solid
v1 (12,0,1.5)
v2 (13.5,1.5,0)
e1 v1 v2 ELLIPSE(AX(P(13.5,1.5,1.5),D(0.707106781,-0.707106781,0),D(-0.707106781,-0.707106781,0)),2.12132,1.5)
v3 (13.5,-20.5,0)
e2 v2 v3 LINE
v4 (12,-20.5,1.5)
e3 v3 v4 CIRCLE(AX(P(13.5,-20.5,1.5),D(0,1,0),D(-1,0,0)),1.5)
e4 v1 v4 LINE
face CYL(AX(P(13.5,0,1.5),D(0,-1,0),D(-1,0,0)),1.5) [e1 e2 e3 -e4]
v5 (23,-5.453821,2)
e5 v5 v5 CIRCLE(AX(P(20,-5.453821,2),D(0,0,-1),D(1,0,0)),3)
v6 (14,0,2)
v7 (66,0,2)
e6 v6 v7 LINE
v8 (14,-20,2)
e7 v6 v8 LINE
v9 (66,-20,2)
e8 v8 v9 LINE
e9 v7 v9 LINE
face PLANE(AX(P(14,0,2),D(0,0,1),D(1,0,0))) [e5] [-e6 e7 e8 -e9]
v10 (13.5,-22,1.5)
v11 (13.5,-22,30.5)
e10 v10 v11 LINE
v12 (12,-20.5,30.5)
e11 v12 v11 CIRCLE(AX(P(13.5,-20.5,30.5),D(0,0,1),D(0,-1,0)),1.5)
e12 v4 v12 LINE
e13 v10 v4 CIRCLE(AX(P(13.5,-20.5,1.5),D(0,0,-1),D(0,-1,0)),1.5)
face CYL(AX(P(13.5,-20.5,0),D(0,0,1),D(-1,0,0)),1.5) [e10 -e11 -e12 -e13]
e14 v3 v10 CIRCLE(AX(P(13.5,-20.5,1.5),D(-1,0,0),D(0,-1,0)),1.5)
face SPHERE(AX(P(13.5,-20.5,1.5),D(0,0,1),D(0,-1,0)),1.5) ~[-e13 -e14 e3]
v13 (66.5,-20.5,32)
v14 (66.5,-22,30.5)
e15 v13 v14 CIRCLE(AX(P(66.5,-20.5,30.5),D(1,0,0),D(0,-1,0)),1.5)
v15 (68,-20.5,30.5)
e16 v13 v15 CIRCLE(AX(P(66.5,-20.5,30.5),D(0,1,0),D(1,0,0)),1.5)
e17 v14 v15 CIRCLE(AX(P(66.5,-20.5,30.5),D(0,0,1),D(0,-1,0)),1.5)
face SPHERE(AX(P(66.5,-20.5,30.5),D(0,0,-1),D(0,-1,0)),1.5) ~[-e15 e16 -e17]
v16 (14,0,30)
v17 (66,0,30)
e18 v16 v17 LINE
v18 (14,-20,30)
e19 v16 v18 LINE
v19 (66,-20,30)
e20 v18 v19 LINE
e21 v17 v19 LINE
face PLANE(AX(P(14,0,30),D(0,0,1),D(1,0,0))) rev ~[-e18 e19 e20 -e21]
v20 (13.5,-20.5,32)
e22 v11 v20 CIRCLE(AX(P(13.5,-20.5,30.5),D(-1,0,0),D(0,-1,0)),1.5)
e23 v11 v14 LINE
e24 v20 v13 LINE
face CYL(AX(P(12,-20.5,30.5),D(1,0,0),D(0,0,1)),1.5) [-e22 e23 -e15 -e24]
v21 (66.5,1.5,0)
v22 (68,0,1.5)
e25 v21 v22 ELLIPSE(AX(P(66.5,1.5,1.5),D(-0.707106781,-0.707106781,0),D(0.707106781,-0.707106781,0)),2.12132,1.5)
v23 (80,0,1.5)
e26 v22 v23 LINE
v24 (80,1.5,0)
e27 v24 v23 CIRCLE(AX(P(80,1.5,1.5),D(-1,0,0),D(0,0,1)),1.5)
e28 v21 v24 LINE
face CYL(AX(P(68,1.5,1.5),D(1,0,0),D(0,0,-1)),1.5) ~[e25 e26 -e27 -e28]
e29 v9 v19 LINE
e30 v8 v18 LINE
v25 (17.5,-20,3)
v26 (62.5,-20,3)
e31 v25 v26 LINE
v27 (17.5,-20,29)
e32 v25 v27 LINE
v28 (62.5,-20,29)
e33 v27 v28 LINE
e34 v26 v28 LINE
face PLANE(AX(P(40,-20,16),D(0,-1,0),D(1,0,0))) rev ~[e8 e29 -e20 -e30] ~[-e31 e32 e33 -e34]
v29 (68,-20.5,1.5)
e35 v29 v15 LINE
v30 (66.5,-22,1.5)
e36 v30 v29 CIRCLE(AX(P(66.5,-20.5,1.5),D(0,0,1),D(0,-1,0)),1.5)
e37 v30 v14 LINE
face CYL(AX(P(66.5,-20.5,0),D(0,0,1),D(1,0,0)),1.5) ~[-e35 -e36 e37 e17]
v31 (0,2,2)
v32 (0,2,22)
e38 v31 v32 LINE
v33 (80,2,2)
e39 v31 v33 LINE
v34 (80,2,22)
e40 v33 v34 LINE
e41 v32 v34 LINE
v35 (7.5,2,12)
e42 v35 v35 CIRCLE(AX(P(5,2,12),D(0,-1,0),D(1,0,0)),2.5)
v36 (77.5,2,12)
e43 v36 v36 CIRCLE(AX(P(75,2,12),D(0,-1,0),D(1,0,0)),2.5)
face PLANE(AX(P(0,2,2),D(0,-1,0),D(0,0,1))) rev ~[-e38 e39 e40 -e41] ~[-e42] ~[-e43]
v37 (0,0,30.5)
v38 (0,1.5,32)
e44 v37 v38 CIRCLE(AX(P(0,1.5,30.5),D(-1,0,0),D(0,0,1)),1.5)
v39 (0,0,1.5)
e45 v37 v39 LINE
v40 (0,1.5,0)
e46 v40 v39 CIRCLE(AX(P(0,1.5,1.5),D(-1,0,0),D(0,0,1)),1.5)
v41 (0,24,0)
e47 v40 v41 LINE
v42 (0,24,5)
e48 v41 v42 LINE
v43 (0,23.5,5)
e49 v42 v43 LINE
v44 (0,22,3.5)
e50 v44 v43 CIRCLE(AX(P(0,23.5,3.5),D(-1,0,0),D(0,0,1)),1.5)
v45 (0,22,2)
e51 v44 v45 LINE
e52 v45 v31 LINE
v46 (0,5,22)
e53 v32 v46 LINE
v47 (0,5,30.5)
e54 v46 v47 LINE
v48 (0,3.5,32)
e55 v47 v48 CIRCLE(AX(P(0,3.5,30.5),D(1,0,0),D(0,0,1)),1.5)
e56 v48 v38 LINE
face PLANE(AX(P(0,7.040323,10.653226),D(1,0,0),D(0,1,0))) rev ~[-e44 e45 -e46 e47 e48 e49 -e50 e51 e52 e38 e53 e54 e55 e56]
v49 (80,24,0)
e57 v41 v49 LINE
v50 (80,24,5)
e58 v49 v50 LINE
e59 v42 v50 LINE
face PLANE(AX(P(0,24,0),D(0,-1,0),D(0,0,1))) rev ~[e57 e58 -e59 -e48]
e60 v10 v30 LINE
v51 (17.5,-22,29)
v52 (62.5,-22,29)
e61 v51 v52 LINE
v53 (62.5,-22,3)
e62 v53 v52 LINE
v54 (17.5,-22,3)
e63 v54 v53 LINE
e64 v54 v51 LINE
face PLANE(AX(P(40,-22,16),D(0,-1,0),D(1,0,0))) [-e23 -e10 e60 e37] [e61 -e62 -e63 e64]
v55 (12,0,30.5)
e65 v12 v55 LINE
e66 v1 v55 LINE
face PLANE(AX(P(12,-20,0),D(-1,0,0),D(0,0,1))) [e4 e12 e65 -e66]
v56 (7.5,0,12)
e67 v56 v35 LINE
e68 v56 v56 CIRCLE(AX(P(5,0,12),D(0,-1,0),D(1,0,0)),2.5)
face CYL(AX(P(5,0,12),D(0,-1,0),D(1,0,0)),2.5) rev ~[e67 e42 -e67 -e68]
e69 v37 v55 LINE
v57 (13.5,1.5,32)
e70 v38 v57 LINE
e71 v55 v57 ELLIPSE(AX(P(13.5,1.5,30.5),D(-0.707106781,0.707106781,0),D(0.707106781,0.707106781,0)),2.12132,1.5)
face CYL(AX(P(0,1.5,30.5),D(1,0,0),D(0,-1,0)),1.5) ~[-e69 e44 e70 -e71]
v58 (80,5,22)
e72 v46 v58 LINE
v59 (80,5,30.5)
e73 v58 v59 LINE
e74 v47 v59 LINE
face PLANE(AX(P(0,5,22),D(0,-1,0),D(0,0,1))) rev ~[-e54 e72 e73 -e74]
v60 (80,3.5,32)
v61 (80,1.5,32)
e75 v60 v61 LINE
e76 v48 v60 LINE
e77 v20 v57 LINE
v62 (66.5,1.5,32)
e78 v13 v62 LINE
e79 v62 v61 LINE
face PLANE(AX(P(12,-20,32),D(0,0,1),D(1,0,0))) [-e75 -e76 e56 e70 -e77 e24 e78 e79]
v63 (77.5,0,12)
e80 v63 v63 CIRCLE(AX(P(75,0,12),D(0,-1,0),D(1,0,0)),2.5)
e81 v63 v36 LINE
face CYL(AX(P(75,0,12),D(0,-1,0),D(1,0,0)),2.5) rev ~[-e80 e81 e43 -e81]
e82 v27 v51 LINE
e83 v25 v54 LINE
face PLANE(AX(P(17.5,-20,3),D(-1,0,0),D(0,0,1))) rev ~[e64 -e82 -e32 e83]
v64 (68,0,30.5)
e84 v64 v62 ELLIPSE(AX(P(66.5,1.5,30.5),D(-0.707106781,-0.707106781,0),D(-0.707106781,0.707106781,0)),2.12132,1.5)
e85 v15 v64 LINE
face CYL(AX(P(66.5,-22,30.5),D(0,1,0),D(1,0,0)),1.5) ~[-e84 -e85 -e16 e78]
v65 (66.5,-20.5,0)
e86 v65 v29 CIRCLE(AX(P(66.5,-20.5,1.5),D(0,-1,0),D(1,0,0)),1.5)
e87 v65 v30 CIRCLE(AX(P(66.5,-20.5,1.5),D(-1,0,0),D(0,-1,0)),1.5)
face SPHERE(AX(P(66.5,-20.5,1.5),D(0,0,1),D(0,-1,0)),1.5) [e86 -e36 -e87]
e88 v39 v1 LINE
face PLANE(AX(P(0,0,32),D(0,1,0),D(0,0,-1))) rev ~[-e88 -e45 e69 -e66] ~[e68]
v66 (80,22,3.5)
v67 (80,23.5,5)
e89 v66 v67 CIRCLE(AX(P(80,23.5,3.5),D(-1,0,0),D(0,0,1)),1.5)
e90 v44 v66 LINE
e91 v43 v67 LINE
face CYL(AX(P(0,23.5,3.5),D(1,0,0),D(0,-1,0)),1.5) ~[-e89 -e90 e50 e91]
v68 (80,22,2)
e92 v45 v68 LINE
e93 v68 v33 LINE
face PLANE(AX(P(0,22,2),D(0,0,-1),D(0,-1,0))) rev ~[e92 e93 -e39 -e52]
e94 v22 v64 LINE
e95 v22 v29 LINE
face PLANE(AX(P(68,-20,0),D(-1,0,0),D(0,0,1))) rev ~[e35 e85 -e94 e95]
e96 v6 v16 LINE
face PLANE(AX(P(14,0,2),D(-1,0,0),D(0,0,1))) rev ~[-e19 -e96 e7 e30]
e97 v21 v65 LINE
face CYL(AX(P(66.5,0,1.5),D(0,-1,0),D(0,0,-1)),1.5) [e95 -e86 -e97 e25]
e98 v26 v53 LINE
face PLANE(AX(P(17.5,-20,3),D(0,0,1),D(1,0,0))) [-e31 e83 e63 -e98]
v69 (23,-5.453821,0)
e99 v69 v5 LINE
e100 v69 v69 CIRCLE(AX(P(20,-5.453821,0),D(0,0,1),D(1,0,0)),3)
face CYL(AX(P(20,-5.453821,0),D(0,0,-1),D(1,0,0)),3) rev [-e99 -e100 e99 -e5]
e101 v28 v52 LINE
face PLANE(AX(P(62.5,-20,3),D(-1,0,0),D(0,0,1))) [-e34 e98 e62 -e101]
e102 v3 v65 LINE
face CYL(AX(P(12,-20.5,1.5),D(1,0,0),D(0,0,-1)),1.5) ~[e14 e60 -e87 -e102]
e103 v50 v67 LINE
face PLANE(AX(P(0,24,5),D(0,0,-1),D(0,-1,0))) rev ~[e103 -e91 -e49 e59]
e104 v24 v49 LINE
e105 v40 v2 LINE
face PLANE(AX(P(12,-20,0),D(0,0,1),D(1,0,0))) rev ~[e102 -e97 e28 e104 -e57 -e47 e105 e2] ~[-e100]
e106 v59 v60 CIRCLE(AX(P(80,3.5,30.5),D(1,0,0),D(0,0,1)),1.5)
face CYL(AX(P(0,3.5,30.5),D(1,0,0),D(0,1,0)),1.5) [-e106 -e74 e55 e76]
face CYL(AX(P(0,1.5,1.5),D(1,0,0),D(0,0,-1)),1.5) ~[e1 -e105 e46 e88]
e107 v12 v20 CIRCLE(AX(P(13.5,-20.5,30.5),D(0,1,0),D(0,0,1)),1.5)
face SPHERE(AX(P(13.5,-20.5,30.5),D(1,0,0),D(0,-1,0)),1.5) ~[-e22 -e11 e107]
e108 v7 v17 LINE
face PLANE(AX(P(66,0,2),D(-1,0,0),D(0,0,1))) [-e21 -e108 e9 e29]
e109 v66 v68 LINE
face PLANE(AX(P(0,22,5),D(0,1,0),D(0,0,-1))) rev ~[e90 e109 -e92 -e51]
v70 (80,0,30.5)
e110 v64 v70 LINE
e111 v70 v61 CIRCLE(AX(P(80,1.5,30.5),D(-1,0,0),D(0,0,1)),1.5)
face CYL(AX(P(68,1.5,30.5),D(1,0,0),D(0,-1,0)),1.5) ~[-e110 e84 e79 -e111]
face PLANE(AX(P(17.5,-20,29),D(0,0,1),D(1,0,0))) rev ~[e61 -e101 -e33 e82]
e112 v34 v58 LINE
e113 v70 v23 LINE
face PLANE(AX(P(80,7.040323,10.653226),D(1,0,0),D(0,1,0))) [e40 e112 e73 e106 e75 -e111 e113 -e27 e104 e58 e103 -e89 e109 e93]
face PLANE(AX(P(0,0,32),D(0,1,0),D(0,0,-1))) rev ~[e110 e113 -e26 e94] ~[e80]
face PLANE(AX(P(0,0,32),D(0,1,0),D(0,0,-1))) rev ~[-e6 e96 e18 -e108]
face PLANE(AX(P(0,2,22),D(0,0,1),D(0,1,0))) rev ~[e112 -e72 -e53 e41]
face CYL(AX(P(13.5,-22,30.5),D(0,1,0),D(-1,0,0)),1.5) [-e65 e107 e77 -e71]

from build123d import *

# Parameters (mm, degrees)
F1_DEPTH  = 80
F2_R      = 2.5
F3_DEPTH  = 10
F2_W      = 56
F2_H      = 32
F2_W_2    = 52
F2_H_2    = 28
F4_DEPTH  = 20
F6_W      = 56
F6_H      = 32
F6_W_2    = 45
F6_H_2    = 26
F7_DEPTH  = 2
F8_R      = 1.5
F9_R      = 3
F10_DEPTH = 10


with BuildPart() as f1:
    # F0 (on Right) → F1 (new body)
    with BuildSketch(Plane.YZ):
        Polygon((0, 32), (0, 0), (24, 0), (24, 5), (22, 5), (22, 2), (2, 2), (2, 22), (5, 22), (5, 32), align=None)
    extrude(amount=F1_DEPTH)

    # F2 (on Front) → F3 (cut)
    with BuildSketch(Plane.XZ):
        with Locations((5, 12)):
            Circle(F2_R)
        with Locations((75, 12)):
            Circle(F2_R)
    extrude(amount=-F3_DEPTH, mode=Mode.SUBTRACT)

    # F2 (on Front) → F4 (join)
    with BuildSketch(Plane.XZ):
        with Locations((40, 16)):
            Rectangle(F2_W, F2_H)
        with Locations((40, 16)):
            Rectangle(F2_W_2, F2_H_2, mode=Mode.SUBTRACT)
    extrude(amount=F4_DEPTH)

    # F6 (on offset) → F7 (join)
    with BuildSketch(Plane.XZ.offset(20)):
        with Locations((40, 16)):
            Rectangle(F6_W, F6_H)
        with Locations((40, 16)):
            Rectangle(F6_W_2, F6_H_2, mode=Mode.SUBTRACT)
    extrude(amount=F7_DEPTH)

    # F8
    f8_edges = [f1.edges().sort_by_distance(p)[0] for p in [
        (68, -22, 16),
        (40, -22, 32),
        (12, -22, 16),
        (40, -22, 0),
        (68, -11, 32),
        (12, -11, 32),
        (12, -11, 0),
        (68, -11, 0),
        (40, 22, 5),
        (40, 5, 32),
        (6, 0, 32),
        (74, 0, 32),
        (6, 0, 0),
        (74, 0, 0),
    ]]
    fillet(f8_edges, radius=F8_R)

    # F9 (on Top) → F10 (cut)
    with BuildSketch(Plane.XY):
        with Locations((20, -5.453821)):
            Circle(F9_R)
    extrude(amount=F10_DEPTH, mode=Mode.SUBTRACT)


solid = f1.part
